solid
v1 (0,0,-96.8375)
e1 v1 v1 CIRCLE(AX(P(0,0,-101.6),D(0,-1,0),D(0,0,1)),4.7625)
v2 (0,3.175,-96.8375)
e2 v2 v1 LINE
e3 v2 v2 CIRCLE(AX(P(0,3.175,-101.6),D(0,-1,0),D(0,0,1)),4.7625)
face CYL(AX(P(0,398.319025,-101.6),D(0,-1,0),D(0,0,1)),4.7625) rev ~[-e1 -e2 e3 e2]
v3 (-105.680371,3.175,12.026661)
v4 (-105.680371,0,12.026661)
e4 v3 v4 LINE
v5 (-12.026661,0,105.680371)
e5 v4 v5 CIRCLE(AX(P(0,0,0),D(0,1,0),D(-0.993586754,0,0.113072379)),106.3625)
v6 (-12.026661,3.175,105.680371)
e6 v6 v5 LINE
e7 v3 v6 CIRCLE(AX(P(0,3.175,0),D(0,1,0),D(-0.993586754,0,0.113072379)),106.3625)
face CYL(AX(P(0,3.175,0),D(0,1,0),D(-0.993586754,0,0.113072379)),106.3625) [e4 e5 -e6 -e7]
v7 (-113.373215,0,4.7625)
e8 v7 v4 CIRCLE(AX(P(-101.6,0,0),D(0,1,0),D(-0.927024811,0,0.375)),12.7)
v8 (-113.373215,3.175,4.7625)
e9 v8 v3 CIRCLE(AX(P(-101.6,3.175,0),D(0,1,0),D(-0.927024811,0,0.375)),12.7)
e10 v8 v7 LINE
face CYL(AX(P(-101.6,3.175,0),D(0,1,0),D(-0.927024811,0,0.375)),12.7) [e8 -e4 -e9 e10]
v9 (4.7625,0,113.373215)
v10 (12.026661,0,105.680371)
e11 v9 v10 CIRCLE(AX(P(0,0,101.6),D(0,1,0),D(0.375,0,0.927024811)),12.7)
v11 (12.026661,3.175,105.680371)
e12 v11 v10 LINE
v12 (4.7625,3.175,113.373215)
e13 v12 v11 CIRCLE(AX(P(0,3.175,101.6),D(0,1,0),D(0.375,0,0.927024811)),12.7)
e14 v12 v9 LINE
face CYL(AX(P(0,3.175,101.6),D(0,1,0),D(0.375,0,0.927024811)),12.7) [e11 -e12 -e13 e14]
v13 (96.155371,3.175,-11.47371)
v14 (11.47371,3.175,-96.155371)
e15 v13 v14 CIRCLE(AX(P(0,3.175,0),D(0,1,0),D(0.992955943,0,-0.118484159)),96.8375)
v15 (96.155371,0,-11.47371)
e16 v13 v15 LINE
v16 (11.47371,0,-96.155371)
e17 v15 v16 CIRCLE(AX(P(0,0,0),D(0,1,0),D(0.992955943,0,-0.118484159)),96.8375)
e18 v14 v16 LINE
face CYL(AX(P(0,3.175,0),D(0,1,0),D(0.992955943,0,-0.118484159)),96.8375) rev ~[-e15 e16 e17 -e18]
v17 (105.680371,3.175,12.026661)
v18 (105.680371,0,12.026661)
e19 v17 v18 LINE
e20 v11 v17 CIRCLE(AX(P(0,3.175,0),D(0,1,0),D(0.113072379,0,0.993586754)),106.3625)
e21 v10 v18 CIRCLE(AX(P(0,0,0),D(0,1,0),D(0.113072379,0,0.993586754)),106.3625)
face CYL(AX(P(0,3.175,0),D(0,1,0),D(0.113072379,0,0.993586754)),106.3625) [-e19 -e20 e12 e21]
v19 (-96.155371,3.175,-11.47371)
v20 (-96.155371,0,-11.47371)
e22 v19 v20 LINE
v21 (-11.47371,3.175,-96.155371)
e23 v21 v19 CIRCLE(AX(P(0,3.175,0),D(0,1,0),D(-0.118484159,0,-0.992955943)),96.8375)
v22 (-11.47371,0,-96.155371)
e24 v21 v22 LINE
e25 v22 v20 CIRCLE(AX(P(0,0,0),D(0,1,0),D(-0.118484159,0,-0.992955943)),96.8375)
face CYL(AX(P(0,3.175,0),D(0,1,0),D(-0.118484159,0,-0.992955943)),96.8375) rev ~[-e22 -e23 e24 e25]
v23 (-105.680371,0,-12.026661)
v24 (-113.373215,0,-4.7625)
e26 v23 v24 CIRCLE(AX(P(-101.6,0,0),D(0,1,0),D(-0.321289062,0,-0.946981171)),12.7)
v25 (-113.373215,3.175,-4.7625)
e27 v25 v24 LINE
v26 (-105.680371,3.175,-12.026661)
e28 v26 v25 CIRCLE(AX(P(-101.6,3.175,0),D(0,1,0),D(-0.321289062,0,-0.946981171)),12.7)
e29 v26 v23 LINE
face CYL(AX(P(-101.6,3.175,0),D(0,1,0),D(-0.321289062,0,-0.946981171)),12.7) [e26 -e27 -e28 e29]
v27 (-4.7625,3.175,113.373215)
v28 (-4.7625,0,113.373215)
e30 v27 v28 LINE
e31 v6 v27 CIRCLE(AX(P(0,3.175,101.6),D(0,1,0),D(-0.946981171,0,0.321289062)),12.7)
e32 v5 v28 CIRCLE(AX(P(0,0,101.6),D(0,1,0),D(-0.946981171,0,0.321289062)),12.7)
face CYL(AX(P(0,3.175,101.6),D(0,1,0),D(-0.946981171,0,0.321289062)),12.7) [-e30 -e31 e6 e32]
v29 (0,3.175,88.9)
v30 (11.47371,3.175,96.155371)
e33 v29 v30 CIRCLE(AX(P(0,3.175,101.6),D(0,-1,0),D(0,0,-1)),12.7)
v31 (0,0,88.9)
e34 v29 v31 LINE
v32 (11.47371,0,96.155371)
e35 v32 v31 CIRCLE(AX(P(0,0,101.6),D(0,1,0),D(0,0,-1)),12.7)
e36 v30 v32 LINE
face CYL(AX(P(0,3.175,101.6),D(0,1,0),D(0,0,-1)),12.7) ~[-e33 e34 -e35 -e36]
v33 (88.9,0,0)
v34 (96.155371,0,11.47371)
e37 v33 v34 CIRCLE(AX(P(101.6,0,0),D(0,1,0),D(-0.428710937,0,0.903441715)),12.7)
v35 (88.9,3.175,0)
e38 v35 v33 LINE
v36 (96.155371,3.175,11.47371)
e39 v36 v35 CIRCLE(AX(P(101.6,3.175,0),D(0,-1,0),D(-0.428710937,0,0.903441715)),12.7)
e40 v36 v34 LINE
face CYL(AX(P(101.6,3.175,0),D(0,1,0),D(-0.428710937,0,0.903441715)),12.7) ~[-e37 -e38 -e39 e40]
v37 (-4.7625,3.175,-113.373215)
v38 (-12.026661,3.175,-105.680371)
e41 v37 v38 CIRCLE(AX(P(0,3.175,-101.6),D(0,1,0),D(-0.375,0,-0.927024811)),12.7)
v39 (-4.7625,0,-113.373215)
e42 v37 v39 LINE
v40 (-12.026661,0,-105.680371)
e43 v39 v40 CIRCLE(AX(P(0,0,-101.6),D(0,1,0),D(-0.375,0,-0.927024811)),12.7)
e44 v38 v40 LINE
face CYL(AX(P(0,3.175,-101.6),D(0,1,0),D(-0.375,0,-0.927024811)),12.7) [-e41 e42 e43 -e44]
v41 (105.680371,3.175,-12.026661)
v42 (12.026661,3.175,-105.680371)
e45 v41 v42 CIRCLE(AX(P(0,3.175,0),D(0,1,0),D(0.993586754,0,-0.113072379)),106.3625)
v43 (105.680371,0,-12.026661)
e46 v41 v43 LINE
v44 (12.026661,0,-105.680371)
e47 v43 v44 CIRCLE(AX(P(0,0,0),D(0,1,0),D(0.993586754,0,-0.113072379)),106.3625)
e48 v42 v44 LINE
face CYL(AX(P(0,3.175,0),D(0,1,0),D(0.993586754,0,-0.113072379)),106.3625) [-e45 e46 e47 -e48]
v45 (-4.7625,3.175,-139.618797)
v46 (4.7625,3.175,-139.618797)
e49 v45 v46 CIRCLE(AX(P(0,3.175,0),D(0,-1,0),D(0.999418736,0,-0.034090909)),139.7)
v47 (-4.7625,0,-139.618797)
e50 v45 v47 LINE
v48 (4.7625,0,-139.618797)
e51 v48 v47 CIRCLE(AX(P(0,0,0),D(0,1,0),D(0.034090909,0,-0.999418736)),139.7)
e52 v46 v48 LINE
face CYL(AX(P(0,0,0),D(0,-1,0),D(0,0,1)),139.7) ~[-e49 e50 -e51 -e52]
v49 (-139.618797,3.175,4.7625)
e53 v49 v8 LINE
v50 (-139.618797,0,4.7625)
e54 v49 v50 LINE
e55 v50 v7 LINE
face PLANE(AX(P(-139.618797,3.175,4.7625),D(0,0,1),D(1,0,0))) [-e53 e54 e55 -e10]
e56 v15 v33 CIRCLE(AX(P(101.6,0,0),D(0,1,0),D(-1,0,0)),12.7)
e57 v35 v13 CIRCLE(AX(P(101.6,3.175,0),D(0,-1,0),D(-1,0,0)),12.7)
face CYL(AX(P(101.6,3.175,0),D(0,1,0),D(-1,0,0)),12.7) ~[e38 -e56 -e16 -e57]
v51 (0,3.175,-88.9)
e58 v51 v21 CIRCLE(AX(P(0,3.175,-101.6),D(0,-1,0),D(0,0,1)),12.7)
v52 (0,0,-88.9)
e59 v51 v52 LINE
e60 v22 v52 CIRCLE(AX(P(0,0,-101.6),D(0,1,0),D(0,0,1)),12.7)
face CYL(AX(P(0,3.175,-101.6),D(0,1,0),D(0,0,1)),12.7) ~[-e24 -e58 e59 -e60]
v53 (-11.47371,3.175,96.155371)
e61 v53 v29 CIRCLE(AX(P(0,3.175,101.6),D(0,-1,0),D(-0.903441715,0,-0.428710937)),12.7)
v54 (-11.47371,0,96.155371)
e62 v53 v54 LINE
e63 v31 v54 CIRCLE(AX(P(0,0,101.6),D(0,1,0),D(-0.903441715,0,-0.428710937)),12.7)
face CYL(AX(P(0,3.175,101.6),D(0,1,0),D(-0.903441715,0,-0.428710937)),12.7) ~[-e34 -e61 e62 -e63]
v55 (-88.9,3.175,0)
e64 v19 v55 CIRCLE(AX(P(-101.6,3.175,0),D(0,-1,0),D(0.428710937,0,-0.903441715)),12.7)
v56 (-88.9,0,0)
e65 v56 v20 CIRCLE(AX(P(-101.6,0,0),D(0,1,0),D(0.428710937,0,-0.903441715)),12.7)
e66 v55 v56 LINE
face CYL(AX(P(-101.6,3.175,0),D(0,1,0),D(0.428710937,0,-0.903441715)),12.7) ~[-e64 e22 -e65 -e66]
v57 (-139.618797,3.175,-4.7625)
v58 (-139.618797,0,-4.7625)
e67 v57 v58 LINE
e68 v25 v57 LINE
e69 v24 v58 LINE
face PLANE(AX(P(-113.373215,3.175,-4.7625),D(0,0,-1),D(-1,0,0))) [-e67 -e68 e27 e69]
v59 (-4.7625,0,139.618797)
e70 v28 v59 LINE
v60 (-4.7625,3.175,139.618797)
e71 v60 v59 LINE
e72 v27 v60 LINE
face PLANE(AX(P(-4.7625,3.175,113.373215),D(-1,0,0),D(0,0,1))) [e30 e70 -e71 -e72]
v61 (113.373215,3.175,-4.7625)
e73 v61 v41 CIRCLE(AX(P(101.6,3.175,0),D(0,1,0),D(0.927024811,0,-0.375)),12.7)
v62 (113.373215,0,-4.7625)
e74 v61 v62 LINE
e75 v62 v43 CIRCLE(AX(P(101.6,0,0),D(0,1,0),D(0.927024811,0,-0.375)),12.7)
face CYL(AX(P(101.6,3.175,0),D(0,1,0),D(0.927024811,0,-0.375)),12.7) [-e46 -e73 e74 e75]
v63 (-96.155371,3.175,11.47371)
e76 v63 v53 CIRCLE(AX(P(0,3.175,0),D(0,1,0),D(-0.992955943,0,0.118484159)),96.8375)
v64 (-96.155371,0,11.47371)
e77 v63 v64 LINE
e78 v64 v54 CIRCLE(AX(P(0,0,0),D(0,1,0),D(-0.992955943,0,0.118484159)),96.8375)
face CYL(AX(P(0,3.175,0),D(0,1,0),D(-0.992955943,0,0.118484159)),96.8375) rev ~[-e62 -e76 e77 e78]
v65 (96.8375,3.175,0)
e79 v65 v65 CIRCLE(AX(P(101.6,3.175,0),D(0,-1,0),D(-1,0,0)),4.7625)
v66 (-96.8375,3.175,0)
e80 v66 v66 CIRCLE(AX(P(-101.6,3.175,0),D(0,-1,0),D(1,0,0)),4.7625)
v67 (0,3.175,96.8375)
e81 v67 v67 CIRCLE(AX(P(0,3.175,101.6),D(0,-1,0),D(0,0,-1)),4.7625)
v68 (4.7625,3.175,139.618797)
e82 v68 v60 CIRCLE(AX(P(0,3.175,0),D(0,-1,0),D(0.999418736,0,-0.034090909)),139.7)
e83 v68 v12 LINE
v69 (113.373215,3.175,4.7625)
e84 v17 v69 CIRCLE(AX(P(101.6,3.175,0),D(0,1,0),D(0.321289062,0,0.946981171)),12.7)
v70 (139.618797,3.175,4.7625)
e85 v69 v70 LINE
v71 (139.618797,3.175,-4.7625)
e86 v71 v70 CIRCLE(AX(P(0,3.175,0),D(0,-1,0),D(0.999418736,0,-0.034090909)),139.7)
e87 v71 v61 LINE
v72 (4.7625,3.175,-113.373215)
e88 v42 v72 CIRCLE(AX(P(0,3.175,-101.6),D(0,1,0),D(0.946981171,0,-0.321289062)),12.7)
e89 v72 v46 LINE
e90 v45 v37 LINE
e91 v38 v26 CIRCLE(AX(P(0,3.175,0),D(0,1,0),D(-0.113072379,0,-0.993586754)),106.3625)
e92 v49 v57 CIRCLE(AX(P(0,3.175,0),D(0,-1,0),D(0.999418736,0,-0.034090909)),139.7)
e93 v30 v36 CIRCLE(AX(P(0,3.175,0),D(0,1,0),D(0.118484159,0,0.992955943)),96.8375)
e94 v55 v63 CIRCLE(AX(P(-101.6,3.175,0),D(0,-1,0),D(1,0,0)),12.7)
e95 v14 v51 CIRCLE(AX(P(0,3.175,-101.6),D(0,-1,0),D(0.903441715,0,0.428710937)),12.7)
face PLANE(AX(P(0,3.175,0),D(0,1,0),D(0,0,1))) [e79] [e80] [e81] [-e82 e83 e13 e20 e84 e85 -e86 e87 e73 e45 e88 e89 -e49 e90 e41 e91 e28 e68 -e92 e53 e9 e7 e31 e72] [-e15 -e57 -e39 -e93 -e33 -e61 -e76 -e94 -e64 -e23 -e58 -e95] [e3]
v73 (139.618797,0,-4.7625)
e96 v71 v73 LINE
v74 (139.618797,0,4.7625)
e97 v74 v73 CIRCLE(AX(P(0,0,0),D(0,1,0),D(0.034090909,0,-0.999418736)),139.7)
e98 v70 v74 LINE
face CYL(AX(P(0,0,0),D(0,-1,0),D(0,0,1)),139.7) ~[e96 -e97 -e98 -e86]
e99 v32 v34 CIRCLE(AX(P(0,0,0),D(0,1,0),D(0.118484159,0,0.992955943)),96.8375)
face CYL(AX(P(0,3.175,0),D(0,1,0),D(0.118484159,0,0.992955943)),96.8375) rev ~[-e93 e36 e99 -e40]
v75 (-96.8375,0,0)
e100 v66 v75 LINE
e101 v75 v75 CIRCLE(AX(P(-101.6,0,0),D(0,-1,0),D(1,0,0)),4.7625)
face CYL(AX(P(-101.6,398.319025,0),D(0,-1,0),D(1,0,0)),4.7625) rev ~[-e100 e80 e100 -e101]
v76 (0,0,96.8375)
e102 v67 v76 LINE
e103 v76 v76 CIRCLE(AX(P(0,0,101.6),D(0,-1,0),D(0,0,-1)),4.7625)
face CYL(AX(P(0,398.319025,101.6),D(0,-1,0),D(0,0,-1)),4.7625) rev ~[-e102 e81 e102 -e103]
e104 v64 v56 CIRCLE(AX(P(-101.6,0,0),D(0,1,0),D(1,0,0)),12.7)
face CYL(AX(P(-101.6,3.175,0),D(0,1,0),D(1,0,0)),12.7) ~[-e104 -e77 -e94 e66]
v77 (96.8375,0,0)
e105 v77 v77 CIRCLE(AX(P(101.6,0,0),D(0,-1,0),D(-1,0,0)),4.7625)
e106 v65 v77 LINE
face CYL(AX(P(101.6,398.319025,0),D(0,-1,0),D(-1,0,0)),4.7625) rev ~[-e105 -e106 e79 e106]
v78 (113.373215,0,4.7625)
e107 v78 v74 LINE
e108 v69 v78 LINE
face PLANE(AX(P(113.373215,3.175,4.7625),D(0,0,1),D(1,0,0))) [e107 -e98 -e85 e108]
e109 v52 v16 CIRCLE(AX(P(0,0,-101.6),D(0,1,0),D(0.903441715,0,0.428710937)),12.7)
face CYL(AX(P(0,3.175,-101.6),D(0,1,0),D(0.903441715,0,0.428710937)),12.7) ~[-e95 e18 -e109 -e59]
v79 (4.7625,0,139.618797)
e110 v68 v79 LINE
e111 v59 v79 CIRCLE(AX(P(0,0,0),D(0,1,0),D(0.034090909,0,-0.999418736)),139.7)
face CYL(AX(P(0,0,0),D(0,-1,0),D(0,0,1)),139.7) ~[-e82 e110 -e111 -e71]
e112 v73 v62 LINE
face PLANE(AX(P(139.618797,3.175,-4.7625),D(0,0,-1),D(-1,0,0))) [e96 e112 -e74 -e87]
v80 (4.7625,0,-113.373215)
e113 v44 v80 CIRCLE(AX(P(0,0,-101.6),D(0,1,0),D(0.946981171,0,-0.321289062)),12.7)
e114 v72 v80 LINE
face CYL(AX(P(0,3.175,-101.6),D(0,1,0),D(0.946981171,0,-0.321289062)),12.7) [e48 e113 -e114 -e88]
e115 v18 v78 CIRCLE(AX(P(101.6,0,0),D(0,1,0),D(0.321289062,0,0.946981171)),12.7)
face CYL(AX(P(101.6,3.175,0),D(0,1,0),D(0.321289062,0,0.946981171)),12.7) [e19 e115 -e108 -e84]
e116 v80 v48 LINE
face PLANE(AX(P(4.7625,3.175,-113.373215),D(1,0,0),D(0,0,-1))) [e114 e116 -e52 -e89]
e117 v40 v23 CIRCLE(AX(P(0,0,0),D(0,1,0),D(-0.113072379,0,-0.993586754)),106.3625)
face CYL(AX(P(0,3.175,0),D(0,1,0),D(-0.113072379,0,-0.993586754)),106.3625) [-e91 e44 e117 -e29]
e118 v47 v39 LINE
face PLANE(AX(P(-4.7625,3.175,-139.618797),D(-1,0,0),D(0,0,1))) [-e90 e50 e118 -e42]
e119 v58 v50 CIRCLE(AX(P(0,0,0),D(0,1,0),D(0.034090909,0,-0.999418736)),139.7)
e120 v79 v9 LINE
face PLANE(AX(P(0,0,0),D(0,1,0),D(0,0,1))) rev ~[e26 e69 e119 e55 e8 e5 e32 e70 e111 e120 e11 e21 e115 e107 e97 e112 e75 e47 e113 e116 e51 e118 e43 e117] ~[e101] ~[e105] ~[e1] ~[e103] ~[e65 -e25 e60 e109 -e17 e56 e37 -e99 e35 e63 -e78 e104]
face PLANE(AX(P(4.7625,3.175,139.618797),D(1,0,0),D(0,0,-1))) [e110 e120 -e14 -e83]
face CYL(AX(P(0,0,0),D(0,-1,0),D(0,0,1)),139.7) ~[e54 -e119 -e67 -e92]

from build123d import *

# Parameters (mm, degrees)
SKETCH1_R                    = 139.7
BOSS_EXTRUDE1_DEPTH          = 3.175
CUT_EXTRUDE1_DEPTH           = 198.591145108
F_3_8_0_375_DIAMETER_HOLE1_D = 9.525
CIRPATTERN2_COUNT            = 4


with BuildPart() as part:
    # Sketch1 → Boss-Extrude1 (new body)
    with BuildSketch(Plane(origin=(0, 0, 0), x_dir=(1, 0, 0), z_dir=(0, 1, 0))):
        with Locations(Location((0, 0, 0), (0, 0, 270))):
            Circle(SKETCH1_R)
    extrude(amount=BOSS_EXTRUDE1_DEPTH)

    # Sketch2 → Cut-Extrude1 (cut, through all)
    with BuildSketch(Plane(origin=(0, 3.175, 0), x_dir=(1, 0, 0), z_dir=(0, 1, 0))):
        with BuildLine():
            Line((139.618797423, 4.7625), (113.373215098, 4.7625))
            ThreePointArc((113.373215098, 4.7625), (110.319292235, 9.233847677), (105.680371094, 12.026660872))
            ThreePointArc((105.680371094, 12.026660872), (75.209645014, 75.209645014), (12.026660872, 105.680371094))
            ThreePointArc((12.026660872, 105.680371094), (9.233847677, 110.319292235), (4.7625, 113.373215098))
            Line((4.7625, 113.373215098), (4.7625, 139.618797423))
            ThreePointArc((4.7625, 139.618797423), (98.782817332, 98.782817332), (139.618797423, 4.7625))
        make_face()
        with BuildLine():
            Line((0, 88.9), (0, 0))
            Line((0, 0), (88.9, 0))
            ThreePointArc((88.9, 0), (90.866016883, 6.787606828), (96.155371094, 11.473709778))
            ThreePointArc((96.155371094, 11.473709778), (68.474452923, 68.474452923), (11.473709778, 96.155371094))
            ThreePointArc((11.473709778, 96.155371094), (6.787606828, 90.866016883), (0, 88.9))
        make_face()
    cut_extrude1 = extrude(amount=-CUT_EXTRUDE1_DEPTH, mode=Mode.SUBTRACT)

    # 3/8 (0.375) Diameter Hole1 (through all)
    with Locations(Plane(origin=(0, 3.175, 0), x_dir=(1, 0, 0), z_dir=(0, 1, 0))):
        with Locations((101.6, 0)):
            f_3_8_0_375_diameter_hole1 = Hole(F_3_8_0_375_DIAMETER_HOLE1_D / 2)

    # CirPattern2: Cut-Extrude1, 3/8 (0.375) Diameter Hole1 ×4 about axis
    cirpattern2_axis = Axis((0, 0, 0), (0, 1, 0))
    add([cut_extrude1.rotate(cirpattern2_axis, i * 360 / CIRPATTERN2_COUNT) for i in range(1, CIRPATTERN2_COUNT)], mode=Mode.SUBTRACT)
    add([f_3_8_0_375_diameter_hole1.rotate(cirpattern2_axis, i * 360 / CIRPATTERN2_COUNT) for i in range(1, CIRPATTERN2_COUNT)], mode=Mode.SUBTRACT)


solid = part.part
